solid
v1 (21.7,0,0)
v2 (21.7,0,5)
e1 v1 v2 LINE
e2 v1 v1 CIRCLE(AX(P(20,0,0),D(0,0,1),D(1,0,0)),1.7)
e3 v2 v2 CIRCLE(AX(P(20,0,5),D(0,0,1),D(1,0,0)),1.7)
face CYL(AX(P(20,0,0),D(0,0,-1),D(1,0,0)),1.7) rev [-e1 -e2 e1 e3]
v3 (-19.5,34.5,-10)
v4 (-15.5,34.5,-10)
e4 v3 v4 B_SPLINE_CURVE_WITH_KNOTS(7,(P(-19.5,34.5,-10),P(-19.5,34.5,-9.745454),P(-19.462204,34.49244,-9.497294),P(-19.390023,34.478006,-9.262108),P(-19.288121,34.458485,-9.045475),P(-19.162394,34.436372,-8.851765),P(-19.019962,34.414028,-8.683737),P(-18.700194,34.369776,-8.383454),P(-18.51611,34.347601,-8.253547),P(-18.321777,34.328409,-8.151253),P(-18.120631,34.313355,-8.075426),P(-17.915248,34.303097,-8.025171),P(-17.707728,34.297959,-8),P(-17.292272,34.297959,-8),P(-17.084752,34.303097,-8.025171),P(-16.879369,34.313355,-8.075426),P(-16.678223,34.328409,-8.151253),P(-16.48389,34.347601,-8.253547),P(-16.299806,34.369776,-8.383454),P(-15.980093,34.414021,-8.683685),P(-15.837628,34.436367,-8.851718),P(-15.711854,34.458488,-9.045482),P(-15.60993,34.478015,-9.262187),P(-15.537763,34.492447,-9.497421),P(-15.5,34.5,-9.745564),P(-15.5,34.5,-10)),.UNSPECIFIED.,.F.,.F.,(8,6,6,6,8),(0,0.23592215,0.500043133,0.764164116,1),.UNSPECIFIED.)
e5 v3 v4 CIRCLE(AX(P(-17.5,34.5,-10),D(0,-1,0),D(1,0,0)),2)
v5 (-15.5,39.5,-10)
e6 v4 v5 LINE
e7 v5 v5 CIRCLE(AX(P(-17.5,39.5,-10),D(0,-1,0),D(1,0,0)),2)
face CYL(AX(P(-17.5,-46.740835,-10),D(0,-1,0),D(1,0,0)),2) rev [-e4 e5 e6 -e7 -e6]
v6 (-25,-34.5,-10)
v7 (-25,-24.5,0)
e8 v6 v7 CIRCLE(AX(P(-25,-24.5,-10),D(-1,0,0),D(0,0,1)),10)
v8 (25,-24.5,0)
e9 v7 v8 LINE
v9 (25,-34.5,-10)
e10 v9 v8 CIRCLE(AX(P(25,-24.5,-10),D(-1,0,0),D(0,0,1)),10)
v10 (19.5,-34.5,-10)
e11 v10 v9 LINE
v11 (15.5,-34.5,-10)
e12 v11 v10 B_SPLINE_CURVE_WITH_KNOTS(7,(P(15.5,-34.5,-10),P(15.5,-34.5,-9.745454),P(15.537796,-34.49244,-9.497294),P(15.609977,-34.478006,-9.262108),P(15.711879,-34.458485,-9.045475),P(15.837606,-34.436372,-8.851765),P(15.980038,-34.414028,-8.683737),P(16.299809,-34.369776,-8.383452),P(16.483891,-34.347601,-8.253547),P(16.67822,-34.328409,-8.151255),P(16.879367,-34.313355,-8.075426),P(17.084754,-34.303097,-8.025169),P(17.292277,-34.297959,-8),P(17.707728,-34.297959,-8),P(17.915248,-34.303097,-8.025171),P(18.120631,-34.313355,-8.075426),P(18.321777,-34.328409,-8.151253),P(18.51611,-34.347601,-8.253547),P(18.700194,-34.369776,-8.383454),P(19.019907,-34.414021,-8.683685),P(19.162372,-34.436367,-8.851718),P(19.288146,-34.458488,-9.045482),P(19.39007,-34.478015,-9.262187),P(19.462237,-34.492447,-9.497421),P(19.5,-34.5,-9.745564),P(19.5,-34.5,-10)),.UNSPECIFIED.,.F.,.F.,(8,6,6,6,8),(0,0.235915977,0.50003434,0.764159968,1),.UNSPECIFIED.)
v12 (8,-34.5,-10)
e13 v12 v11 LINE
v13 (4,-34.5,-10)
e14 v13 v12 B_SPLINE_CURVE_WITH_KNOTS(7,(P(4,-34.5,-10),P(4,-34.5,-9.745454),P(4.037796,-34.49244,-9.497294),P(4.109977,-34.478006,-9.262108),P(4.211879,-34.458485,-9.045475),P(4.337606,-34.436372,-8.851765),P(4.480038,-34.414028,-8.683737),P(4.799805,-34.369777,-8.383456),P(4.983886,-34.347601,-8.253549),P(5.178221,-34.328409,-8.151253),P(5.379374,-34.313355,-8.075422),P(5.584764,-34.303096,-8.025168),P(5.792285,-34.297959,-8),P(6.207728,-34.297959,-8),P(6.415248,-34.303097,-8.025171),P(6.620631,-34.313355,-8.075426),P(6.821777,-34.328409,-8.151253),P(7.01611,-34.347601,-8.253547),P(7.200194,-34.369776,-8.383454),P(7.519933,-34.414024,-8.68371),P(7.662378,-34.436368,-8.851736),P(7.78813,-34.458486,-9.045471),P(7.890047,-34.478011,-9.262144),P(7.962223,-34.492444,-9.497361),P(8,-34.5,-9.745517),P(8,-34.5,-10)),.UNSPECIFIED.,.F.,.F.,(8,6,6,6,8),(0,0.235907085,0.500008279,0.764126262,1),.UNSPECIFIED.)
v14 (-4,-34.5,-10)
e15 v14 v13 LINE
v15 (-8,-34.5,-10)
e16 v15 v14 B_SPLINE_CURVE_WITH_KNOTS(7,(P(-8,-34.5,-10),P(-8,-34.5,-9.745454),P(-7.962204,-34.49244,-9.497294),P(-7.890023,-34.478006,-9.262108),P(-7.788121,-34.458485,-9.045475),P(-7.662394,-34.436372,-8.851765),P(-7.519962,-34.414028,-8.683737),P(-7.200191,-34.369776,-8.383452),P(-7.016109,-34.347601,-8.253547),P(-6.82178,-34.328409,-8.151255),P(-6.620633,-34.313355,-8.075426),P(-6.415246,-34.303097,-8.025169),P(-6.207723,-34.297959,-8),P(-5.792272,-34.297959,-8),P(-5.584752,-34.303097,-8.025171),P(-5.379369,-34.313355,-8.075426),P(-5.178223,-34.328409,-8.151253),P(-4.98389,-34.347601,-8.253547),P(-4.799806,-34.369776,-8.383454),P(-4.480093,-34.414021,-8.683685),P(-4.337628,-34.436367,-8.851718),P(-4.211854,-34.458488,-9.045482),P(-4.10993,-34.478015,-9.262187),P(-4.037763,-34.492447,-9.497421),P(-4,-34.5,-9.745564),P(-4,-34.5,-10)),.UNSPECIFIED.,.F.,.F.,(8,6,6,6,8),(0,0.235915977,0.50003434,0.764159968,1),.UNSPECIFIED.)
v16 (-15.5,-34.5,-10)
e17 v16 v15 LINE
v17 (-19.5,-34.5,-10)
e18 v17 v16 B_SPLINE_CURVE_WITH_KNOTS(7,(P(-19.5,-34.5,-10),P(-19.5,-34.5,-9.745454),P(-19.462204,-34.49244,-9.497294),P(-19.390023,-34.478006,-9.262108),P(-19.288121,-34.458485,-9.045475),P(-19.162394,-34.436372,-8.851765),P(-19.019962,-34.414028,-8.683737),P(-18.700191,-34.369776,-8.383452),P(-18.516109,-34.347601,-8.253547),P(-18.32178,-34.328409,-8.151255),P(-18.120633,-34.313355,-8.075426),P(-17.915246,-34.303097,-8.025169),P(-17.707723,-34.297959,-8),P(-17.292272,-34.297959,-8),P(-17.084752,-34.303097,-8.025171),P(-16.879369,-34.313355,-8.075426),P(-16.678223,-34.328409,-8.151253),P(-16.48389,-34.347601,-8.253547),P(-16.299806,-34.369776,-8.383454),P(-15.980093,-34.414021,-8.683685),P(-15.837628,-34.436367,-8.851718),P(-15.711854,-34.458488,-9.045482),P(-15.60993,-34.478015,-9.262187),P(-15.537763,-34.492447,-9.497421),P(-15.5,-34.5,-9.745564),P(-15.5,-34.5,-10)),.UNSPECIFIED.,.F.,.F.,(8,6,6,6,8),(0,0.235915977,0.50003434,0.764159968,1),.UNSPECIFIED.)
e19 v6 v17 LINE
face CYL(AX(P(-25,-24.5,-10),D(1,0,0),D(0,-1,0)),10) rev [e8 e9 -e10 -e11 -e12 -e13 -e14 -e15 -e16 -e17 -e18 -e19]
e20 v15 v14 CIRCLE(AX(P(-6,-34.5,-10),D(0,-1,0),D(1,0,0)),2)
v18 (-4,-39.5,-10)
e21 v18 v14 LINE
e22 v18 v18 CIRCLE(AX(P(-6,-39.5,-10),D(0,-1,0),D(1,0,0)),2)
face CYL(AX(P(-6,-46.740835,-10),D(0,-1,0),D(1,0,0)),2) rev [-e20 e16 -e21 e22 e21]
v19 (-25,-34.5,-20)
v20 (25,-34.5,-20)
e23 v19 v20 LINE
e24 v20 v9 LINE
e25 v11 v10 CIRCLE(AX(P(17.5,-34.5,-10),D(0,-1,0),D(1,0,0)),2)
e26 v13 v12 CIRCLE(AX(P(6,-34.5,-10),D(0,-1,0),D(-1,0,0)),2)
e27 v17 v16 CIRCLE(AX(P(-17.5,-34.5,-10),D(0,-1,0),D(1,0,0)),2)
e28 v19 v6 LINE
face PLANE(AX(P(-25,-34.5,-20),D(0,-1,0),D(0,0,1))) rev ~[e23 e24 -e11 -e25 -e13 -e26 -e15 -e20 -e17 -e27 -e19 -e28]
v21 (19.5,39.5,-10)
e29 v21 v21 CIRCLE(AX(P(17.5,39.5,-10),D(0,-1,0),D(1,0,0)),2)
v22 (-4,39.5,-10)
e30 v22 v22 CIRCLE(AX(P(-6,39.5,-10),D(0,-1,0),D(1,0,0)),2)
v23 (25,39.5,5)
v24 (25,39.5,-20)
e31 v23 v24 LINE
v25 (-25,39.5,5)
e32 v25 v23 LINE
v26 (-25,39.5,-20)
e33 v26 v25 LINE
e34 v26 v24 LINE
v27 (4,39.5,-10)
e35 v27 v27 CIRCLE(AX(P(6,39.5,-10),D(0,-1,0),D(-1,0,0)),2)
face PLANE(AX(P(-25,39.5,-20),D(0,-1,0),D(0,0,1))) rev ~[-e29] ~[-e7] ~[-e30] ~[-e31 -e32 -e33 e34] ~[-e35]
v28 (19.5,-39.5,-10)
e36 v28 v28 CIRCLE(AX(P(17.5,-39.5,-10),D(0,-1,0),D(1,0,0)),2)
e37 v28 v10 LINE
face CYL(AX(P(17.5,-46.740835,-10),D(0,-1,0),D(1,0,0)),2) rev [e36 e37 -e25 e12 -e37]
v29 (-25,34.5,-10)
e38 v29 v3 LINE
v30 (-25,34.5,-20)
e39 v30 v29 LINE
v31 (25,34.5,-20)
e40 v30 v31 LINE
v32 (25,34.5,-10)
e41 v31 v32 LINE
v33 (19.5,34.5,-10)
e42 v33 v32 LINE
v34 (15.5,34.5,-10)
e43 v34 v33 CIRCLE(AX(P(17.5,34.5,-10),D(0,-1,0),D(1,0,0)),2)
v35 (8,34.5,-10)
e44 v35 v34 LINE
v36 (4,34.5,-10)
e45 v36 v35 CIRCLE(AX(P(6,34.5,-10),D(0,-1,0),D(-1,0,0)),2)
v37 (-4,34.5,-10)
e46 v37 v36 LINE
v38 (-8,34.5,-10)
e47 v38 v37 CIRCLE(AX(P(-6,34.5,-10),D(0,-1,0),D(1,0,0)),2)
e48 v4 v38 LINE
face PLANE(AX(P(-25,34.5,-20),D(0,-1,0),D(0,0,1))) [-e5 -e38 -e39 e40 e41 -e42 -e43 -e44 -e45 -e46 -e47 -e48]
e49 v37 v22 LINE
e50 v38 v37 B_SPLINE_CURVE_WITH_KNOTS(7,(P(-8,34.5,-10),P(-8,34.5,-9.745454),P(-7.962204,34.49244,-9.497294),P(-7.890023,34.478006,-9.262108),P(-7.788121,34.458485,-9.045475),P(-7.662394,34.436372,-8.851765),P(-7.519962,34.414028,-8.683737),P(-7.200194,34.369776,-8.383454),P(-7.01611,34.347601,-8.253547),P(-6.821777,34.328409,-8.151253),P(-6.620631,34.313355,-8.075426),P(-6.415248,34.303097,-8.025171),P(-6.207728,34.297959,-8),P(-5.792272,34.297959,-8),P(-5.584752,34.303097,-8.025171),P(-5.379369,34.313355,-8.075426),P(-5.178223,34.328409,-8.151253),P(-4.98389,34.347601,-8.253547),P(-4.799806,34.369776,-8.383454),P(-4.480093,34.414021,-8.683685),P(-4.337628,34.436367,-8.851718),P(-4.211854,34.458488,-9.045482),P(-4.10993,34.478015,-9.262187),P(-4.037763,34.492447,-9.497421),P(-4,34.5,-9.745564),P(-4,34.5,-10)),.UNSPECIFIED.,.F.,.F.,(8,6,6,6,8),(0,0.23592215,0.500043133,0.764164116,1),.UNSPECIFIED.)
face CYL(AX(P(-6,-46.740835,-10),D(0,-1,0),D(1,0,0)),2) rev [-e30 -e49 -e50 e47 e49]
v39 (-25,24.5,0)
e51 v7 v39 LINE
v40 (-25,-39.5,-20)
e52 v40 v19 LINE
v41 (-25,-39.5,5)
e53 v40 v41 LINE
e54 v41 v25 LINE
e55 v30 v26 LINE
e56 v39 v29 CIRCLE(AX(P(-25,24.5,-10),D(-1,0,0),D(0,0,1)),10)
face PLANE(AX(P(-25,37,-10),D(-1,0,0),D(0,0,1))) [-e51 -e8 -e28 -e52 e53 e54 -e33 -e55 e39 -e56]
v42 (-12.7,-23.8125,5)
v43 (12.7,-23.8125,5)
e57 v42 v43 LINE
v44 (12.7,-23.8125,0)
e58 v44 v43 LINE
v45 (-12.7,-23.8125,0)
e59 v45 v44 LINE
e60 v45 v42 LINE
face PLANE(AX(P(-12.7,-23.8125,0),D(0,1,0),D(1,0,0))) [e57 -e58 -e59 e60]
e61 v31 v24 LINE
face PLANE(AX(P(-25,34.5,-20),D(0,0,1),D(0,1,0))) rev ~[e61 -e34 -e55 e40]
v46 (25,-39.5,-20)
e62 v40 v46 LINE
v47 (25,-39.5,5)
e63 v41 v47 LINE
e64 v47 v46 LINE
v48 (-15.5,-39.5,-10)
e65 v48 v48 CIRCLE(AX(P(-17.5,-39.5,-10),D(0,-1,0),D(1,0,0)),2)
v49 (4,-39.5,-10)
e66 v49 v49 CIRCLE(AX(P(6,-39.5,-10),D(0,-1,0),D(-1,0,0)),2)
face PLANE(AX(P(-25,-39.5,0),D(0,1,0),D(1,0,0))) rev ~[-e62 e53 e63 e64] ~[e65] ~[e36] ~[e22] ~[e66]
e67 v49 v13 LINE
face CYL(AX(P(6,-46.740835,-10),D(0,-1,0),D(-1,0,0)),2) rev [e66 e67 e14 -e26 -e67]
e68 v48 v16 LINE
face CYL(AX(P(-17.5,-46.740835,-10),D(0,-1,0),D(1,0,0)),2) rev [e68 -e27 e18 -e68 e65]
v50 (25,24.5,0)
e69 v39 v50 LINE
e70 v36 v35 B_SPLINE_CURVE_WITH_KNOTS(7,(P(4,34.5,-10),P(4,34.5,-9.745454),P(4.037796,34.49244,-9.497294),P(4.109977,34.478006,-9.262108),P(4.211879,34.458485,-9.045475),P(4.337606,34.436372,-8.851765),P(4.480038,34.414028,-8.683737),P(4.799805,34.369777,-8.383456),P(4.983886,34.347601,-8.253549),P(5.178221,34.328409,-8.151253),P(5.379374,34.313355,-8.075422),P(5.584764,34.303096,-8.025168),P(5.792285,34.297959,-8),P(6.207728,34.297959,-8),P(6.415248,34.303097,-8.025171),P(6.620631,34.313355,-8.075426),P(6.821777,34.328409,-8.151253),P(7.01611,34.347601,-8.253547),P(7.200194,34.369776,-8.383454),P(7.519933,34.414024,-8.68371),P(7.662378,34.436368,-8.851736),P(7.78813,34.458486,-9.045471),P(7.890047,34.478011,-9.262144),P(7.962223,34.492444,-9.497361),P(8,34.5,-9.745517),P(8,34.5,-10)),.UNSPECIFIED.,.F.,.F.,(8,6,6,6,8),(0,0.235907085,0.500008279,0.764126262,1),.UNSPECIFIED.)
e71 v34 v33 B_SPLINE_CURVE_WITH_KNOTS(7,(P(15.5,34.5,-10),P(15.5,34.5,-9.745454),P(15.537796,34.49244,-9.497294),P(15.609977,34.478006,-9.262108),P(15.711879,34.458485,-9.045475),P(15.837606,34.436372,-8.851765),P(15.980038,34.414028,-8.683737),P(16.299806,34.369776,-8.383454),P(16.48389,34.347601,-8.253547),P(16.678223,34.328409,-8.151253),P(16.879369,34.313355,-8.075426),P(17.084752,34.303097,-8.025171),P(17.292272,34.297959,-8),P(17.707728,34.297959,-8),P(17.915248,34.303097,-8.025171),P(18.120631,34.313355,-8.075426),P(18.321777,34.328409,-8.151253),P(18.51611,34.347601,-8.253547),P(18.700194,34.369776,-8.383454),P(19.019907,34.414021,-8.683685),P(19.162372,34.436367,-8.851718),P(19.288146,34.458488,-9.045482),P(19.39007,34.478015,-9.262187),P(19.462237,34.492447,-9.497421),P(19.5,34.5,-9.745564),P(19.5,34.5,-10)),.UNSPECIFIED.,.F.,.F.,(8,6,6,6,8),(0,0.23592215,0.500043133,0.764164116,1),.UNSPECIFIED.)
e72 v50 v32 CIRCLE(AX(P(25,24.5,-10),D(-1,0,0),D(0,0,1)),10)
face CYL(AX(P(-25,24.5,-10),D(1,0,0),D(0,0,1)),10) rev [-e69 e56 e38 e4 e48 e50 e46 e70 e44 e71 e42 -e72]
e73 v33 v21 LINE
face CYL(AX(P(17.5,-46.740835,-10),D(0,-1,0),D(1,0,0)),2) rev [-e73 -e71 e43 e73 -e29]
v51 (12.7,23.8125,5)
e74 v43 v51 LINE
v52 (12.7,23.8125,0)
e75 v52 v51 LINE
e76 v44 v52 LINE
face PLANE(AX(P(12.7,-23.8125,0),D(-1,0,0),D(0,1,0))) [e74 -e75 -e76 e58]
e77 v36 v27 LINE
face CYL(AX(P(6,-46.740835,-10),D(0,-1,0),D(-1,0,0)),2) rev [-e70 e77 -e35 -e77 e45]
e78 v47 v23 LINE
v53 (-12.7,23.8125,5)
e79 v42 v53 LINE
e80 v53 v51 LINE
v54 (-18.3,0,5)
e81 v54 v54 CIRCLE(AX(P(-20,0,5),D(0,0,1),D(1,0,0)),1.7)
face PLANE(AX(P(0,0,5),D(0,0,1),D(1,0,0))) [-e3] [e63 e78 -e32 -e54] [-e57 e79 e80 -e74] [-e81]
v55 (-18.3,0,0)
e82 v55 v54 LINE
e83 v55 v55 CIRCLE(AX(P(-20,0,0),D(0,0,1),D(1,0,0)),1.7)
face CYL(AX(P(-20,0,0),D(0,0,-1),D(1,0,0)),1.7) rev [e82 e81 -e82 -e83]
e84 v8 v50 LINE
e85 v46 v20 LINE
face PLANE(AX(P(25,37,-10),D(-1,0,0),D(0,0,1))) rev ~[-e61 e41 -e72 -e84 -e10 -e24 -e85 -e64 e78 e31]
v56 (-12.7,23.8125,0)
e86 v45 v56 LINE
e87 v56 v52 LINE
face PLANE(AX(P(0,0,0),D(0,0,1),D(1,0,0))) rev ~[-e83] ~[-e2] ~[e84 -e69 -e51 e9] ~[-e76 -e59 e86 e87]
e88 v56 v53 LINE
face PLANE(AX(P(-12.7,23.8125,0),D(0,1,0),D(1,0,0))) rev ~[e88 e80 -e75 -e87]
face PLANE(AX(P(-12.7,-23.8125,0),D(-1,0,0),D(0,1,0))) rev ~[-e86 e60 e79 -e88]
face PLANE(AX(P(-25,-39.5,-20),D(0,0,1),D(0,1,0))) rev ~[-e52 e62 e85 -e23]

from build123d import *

# Parameters (mm, degrees)
SKETCH1_W               = 50
SKETCH1_H               = 79
SKETCH1_R               = 1.7
SKETCH1_W_2             = 25.4
SKETCH1_H_2             = 47.625
BOSS_EXTRUDE1_DEPTH     = 5
SKETCH2_W               = 20
SKETCH2_H               = 5
BOSS_EXTRUDE2_DEPTH     = 50
FILLET1_R               = 10
CUT_EXTRUDE1_DEPTH      = 86.240835285
CUT_EXTRUDE1_DEPTH_BACK = 86.240835285
SKETCH3_R               = 2


with BuildPart() as part:
    # Sketch1 → Boss-Extrude1 (new body)
    with BuildSketch(Plane.XY):
        Rectangle(SKETCH1_W, SKETCH1_H)
        with Locations((-20, 0)):
            Circle(SKETCH1_R, mode=Mode.SUBTRACT)
        with Locations((20, 0)):
            Circle(SKETCH1_R, mode=Mode.SUBTRACT)
        Rectangle(SKETCH1_W_2, SKETCH1_H_2, mode=Mode.SUBTRACT)
    extrude(amount=BOSS_EXTRUDE1_DEPTH)

    # Sketch2 → Boss-Extrude2 (add)
    with BuildSketch(Plane.ZY.offset(25)):
        with Locations((-10, 37)):
            Rectangle(SKETCH2_W, SKETCH2_H)
        with Locations((-10, -37)):
            Rectangle(SKETCH2_W, SKETCH2_H)
    extrude(amount=-BOSS_EXTRUDE2_DEPTH)

    # Fillet1
    fillet1_edges = [part.edges().sort_by_distance(p)[0] for p in [
        (0, 34.5, 0),
        (0, -34.5, 0),
    ]]
    fillet(fillet1_edges, radius=FILLET1_R)

    # Sketch3 → Cut-Extrude1 (cut, two sides: drawn at the far end of the back side and taken through both)
    with BuildSketch(Plane(origin=(0, 39.5, 0), x_dir=(1, 0, 0), z_dir=(0, 1, 0)).offset(-CUT_EXTRUDE1_DEPTH_BACK)):
        with Locations((-17.5, 10)):
            Circle(SKETCH3_R)
        with Locations((-6, 10)):
            Circle(SKETCH3_R)
        with Locations(Location((6, 10, 0), (0, 0, 180))):
            Circle(SKETCH3_R)
        with Locations((17.5, 10)):
            Circle(SKETCH3_R)
    extrude(amount=CUT_EXTRUDE1_DEPTH + CUT_EXTRUDE1_DEPTH_BACK, mode=Mode.SUBTRACT)


solid = part.part
